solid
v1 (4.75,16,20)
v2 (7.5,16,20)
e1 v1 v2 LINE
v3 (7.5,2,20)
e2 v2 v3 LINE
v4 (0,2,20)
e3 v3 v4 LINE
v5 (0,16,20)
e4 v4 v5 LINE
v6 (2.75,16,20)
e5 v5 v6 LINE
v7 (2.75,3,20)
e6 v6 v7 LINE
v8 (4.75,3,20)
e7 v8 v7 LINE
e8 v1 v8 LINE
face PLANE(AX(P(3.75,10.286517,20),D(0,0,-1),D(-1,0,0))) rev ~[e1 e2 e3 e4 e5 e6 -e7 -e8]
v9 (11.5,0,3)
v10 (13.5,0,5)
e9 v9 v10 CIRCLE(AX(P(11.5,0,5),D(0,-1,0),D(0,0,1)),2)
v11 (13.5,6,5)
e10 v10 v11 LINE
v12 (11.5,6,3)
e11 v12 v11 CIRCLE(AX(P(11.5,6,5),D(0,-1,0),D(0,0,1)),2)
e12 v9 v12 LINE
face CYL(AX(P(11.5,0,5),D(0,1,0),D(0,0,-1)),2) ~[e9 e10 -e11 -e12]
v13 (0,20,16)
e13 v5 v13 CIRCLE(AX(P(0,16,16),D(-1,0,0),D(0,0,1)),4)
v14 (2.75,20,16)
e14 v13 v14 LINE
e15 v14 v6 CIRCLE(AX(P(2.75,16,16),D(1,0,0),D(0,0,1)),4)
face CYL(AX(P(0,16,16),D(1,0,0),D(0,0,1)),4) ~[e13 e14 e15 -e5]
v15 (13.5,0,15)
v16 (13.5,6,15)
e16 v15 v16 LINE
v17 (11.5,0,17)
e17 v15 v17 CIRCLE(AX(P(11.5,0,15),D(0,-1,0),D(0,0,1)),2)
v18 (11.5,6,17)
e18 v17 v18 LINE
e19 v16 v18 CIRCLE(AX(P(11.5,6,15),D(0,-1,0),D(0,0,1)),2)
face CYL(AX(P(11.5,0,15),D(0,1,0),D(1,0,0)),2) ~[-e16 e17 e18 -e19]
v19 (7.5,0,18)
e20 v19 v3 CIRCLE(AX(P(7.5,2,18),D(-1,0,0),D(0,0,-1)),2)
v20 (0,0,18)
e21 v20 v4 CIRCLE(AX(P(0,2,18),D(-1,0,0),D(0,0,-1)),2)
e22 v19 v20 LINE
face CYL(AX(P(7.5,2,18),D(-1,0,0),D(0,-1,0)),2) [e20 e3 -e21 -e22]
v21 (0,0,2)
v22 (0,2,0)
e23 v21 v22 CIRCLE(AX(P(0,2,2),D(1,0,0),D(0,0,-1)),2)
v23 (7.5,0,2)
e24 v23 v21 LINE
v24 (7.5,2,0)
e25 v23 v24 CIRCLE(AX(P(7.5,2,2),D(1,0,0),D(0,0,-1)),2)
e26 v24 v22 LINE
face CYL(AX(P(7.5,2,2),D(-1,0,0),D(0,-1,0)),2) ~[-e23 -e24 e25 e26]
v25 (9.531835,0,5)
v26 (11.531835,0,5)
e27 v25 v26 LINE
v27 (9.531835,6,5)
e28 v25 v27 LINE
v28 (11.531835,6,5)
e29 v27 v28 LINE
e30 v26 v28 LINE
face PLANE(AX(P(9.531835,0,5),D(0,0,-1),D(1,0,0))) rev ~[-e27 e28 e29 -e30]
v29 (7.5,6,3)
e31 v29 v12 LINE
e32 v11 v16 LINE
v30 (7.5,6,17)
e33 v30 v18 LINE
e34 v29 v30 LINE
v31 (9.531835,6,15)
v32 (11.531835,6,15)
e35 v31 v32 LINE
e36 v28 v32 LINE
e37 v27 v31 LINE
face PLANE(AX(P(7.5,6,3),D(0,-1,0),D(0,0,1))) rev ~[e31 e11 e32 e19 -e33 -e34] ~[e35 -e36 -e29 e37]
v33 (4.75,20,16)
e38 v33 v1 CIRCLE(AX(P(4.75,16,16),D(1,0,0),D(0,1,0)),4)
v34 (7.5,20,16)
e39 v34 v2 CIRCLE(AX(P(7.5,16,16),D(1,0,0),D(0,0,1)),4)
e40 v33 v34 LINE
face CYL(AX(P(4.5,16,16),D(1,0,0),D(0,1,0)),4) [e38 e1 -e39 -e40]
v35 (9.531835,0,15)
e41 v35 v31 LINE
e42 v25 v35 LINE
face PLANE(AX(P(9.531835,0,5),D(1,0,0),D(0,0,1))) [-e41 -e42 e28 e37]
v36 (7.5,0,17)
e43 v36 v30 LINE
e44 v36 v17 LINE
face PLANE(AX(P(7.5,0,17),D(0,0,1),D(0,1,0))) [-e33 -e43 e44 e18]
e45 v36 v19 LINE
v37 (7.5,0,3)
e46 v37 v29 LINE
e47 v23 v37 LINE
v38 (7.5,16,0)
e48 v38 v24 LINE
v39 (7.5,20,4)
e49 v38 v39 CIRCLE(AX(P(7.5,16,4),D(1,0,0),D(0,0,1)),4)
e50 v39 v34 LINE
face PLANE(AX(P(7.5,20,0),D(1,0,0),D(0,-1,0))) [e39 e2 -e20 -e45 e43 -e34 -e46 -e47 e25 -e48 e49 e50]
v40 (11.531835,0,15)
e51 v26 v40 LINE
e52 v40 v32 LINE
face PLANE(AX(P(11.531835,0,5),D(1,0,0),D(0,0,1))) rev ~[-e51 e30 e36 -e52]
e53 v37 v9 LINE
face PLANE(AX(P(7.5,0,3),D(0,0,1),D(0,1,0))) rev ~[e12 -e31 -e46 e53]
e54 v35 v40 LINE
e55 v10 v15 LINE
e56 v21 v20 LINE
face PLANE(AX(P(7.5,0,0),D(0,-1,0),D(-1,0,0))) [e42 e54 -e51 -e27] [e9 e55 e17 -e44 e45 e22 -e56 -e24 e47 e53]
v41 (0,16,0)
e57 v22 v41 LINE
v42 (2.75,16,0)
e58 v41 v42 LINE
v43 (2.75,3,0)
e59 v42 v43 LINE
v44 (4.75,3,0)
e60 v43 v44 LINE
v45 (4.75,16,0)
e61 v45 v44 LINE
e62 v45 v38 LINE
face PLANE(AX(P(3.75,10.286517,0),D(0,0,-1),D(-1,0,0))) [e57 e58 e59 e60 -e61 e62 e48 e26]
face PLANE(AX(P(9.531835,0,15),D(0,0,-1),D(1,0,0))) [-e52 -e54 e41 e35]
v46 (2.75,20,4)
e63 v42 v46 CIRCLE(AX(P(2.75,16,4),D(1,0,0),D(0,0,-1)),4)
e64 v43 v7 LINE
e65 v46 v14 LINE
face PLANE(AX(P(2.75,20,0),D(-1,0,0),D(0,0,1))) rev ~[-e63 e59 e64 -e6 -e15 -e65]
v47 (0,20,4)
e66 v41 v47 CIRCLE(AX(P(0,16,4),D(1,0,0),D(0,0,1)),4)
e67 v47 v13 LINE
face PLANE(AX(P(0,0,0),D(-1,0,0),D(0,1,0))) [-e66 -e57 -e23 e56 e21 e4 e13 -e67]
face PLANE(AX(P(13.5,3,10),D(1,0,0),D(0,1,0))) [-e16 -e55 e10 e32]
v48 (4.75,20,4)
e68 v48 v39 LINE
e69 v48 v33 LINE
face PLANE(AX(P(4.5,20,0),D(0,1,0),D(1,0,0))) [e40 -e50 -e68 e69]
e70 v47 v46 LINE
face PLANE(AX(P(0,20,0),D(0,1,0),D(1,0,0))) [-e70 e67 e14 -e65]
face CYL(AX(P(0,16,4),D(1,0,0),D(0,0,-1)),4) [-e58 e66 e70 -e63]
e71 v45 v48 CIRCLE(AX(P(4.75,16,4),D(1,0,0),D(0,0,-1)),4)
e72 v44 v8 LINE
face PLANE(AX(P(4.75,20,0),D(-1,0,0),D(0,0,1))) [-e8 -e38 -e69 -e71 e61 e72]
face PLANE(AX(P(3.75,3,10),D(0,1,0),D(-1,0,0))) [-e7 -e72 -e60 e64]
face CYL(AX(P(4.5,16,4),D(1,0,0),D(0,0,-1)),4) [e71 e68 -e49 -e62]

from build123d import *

# Parameters (mm, degrees)
PAD_DEPTH       = 20
SKETCH001_W     = 6
SKETCH001_H     = 14
PAD001_DEPTH    = 6
SKETCH002_W     = 2
SKETCH002_H     = 10
POCKET_DEPTH    = 10
FILLET_R        = 2
FILLET001_R     = 2
FILLET002_R     = 4
SKETCH003_W     = 2
SKETCH003_H     = 20
POCKET001_DEPTH = 17


with BuildPart() as part:
    # Sketch → Pad (new body)
    with BuildSketch(Plane.XY):
        Polygon((0, 0), (0, 20), (3, 20), (3, 3), (4.5, 3), (4.5, 20), (7.5, 20), (7.5, 0), align=None)
    extrude(amount=PAD_DEPTH)

    # Sketch001 (on Face7 of Pad) → Pad001 (join)
    with BuildSketch(Plane.YZ.offset(7.5)):
        with Locations((3, 10)):
            Rectangle(SKETCH001_W, SKETCH001_H)
    extrude(amount=PAD001_DEPTH)

    # Sketch002 (on Face7 of Pad001) → Pocket (cut)
    with BuildSketch(Plane.XZ):
        with Locations((10.531835, 10)):
            Rectangle(SKETCH002_W, SKETCH002_H)
    extrude(amount=-POCKET_DEPTH, mode=Mode.SUBTRACT)

    # Fillet
    fillet_edges = [part.edges().sort_by_distance(p)[0] for p in [
        (3.75, 0, 20),
        (3.75, 0, 0),
    ]]
    fillet(fillet_edges, radius=FILLET_R)

    # Fillet001
    fillet001_edges = [part.edges().sort_by_distance(p)[0] for p in [
        (13.5, 3, 17),
        (13.5, 3, 3),
    ]]
    fillet(fillet001_edges, radius=FILLET001_R)

    # Fillet002
    fillet002_edges = [part.edges().sort_by_distance(p)[0] for p in [
        (1.5, 20, 20),
        (6, 20, 20),
        (6, 20, 0),
        (1.5, 20, 0),
    ]]
    fillet(fillet002_edges, radius=FILLET002_R)

    # Sketch003 (on DatumPlane) → Pocket001 (cut)
    with BuildSketch(Plane(origin=(0, 20, 0), x_dir=(-1, 0, 0), z_dir=(0, 1, 0))):
        with Locations((-3.75, 10)):
            Rectangle(SKETCH003_W, SKETCH003_H)
    extrude(amount=-POCKET001_DEPTH, mode=Mode.SUBTRACT)


solid = part.part
